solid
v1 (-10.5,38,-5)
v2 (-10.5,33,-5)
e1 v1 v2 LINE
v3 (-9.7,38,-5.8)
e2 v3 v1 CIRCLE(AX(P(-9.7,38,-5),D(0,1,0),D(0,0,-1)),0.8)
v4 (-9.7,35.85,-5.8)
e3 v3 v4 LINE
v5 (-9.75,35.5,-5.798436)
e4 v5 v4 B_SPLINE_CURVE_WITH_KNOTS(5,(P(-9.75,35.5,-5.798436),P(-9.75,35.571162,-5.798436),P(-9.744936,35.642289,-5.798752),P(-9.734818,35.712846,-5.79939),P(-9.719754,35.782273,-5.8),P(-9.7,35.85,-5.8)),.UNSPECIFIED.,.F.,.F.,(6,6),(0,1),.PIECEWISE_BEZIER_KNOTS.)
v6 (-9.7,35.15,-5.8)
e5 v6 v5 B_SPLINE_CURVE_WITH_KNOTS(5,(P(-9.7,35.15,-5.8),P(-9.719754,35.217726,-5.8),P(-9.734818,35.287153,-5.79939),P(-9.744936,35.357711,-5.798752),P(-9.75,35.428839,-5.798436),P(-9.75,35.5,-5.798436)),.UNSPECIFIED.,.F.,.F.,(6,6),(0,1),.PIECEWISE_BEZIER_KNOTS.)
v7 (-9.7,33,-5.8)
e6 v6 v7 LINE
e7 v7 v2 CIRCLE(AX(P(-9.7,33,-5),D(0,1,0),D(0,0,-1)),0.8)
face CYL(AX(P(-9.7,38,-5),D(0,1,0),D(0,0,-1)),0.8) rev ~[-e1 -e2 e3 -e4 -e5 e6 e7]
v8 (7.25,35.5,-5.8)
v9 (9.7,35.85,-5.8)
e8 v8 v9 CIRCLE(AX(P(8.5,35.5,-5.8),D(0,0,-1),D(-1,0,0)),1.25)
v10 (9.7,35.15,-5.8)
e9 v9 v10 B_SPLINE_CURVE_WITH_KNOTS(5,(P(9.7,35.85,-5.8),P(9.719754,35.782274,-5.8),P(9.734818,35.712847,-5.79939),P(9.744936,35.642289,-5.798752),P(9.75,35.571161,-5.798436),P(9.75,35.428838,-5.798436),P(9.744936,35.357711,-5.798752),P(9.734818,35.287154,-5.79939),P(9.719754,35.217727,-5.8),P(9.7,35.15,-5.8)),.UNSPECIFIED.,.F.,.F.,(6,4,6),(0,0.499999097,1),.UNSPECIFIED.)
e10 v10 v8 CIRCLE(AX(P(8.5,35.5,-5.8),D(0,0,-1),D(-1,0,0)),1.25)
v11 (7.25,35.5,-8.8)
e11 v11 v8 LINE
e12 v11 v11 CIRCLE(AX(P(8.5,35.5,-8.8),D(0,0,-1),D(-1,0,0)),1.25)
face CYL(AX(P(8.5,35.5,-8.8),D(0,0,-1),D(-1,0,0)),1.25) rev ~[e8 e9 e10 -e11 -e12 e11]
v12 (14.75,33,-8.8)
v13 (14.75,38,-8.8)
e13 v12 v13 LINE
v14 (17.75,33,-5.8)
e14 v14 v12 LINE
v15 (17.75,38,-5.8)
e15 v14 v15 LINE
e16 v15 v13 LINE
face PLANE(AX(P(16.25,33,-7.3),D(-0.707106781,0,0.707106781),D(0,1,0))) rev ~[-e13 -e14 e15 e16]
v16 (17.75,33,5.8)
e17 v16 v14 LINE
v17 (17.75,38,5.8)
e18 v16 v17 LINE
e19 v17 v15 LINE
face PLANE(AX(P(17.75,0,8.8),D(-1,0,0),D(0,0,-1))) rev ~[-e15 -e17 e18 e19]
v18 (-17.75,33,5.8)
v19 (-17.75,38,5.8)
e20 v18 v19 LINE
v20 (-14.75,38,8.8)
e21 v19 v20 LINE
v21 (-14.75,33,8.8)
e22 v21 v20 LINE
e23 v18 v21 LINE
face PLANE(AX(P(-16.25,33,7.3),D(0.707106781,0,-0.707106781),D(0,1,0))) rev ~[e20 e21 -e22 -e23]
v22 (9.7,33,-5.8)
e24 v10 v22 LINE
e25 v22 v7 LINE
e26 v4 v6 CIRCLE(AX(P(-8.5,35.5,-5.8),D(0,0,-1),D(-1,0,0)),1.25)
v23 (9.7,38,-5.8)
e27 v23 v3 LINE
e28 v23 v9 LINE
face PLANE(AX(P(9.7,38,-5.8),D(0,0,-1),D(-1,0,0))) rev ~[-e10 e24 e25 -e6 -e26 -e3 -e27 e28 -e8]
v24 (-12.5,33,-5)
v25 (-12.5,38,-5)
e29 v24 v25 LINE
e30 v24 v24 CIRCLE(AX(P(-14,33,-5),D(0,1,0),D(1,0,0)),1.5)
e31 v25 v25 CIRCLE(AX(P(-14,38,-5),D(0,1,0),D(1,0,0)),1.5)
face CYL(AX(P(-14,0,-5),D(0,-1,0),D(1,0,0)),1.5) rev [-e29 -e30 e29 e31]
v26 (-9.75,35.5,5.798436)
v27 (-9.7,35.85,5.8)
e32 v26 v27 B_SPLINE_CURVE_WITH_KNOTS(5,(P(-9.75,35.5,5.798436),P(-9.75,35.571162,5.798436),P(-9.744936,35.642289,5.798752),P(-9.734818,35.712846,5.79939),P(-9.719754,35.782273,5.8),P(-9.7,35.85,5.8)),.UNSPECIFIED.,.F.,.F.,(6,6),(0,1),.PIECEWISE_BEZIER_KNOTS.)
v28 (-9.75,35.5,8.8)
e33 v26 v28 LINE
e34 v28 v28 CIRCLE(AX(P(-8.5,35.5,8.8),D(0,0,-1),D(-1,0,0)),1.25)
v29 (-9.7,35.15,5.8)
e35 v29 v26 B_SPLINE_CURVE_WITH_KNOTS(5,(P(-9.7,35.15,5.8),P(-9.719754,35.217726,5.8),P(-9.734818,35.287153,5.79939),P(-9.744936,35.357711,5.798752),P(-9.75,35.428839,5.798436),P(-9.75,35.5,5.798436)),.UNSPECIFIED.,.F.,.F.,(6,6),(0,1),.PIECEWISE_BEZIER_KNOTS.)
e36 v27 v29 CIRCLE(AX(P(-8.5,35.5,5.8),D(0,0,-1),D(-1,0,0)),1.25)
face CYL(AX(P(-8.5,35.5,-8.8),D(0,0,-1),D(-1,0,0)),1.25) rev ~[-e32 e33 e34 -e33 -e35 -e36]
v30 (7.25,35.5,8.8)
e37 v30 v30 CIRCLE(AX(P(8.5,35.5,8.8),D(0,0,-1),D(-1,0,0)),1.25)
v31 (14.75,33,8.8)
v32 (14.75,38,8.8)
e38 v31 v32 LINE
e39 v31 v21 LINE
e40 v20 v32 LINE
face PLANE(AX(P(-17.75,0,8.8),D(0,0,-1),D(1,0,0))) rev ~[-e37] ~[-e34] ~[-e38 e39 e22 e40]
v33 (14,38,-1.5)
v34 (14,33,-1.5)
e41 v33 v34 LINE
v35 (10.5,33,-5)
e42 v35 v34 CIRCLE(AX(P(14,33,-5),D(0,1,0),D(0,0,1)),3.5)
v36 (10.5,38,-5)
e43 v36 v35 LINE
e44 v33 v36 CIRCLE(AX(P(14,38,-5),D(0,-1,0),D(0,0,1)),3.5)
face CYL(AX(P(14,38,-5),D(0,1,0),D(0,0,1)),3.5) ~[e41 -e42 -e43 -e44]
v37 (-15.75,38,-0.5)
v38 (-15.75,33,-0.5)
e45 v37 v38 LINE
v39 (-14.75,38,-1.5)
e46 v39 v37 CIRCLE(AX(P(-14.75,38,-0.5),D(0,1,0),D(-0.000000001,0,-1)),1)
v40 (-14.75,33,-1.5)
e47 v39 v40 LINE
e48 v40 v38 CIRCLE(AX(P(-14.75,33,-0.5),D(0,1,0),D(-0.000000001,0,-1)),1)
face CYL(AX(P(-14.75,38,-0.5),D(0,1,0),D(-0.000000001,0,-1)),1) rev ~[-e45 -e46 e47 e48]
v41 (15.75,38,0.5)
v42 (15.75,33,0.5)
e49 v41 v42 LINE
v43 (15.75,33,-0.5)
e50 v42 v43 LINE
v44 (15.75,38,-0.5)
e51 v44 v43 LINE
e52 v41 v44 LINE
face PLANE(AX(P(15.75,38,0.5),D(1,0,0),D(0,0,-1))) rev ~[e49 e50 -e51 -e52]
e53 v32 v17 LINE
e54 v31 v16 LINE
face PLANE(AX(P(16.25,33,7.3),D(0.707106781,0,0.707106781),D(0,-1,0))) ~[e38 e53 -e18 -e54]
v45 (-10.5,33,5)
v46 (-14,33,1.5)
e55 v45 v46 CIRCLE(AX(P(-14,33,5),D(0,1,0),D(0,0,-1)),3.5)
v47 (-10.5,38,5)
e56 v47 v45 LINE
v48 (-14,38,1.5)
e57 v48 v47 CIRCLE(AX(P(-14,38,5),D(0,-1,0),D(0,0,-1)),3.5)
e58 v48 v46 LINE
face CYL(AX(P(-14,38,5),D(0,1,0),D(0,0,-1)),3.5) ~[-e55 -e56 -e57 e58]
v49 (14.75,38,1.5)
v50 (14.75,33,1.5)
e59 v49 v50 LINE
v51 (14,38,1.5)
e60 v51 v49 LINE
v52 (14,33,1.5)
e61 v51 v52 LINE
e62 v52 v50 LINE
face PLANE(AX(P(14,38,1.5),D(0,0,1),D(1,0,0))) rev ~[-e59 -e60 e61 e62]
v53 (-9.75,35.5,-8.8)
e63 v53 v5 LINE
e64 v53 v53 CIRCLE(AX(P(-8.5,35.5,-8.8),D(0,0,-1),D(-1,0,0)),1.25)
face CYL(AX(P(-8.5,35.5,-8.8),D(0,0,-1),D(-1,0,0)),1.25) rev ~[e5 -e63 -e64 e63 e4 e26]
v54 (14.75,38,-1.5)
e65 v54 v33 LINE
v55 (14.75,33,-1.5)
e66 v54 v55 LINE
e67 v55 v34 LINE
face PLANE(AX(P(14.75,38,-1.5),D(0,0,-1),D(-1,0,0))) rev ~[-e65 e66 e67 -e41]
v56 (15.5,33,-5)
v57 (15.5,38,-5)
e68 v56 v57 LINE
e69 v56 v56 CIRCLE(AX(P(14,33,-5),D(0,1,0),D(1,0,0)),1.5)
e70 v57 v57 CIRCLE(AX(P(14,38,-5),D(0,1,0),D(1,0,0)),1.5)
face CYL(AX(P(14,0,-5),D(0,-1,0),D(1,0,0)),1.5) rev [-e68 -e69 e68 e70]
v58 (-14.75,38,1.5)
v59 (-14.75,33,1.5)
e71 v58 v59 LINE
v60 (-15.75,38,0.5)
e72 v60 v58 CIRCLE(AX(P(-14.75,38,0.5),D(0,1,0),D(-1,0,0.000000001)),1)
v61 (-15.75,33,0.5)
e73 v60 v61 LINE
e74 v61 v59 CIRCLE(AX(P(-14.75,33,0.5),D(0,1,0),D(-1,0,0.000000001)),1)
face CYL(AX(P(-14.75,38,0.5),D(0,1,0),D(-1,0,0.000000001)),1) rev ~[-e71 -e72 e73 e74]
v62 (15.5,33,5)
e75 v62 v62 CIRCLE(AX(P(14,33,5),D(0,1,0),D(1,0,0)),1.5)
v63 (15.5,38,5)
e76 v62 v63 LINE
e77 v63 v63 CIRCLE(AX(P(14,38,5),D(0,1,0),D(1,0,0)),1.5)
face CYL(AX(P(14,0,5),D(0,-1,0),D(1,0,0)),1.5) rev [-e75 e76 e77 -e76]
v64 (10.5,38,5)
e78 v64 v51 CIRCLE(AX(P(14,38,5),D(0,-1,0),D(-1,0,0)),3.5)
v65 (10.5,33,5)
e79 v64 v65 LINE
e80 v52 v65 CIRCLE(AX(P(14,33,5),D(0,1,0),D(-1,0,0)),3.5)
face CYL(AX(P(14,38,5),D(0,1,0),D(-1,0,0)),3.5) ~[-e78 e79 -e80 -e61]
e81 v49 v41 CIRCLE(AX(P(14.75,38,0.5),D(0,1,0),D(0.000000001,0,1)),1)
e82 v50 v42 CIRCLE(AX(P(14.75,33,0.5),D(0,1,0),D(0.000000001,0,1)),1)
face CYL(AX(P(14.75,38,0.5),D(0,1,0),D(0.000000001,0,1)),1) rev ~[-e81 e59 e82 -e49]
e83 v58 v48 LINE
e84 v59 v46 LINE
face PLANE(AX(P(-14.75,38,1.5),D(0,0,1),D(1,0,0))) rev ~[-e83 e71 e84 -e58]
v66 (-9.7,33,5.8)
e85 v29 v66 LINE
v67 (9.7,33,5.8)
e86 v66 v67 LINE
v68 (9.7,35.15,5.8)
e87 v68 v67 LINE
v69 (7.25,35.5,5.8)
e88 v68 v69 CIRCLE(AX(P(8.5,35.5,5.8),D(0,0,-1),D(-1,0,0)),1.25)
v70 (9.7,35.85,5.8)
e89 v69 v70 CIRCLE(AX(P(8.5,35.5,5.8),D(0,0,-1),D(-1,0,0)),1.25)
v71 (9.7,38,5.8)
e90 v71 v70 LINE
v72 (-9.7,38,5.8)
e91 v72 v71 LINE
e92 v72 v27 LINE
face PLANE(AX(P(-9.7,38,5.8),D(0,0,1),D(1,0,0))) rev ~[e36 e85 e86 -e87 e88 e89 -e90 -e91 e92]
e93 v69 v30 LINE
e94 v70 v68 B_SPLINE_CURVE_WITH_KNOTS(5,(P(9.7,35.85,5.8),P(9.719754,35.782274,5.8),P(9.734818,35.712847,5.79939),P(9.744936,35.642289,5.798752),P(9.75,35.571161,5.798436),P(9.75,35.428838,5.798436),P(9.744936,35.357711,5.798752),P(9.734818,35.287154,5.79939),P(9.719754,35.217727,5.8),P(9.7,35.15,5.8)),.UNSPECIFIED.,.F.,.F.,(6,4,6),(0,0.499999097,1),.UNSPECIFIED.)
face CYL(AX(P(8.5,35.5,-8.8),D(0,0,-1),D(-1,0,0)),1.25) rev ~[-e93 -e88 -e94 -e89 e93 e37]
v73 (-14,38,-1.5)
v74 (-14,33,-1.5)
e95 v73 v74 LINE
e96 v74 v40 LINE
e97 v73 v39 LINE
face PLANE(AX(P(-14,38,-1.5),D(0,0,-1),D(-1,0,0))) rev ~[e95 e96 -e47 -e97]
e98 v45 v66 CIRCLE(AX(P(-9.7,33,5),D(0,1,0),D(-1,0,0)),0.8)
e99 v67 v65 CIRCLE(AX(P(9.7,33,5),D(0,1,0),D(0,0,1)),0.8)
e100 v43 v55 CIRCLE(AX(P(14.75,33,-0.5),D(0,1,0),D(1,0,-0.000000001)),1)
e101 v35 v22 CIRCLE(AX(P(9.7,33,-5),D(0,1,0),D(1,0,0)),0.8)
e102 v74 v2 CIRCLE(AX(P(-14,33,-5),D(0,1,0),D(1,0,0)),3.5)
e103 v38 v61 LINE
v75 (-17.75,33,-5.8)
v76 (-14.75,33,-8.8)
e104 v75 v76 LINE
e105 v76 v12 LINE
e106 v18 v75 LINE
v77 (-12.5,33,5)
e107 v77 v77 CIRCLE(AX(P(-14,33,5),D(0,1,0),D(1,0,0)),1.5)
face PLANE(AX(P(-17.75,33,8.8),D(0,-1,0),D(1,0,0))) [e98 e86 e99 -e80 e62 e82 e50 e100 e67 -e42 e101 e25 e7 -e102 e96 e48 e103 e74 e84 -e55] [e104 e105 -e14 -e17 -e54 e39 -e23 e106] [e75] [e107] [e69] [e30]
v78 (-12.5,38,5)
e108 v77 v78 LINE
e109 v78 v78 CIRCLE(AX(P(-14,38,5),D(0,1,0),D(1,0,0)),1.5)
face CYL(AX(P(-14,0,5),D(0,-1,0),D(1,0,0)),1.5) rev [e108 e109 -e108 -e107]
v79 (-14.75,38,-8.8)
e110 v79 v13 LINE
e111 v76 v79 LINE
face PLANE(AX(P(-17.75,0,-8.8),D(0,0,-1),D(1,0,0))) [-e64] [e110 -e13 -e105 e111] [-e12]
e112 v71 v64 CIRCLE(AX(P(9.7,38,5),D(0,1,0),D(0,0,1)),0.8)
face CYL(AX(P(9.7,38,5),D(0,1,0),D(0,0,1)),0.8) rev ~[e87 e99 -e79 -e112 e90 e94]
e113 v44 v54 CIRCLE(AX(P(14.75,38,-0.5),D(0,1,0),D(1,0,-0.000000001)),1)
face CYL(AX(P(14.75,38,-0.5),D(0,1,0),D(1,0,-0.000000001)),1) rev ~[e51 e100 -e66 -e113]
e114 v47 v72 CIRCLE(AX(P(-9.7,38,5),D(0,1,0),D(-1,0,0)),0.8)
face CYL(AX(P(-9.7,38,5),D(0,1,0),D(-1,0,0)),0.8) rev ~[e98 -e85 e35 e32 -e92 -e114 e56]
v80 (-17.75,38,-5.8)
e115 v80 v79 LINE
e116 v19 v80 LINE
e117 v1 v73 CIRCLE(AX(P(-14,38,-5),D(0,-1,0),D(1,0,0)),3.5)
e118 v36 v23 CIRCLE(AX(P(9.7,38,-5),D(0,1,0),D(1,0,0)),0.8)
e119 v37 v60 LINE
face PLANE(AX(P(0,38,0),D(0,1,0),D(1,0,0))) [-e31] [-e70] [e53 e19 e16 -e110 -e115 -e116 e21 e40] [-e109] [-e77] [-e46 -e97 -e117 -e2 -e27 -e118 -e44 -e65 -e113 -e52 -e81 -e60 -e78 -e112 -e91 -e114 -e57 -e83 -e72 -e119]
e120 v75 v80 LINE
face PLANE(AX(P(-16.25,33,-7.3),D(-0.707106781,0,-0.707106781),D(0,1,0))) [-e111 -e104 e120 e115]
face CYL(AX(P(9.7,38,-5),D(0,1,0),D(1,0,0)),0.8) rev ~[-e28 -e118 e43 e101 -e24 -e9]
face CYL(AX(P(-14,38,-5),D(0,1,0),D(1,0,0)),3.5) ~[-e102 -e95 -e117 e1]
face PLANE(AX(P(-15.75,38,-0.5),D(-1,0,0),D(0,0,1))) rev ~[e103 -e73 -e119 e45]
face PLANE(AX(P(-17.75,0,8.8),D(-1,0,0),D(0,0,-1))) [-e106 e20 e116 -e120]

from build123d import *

# Parameters (mm, degrees)
SKETCH_1_W          = 35.5
SKETCH_1_H          = 17.6
SKETCH_1_R          = 1.5
EXTRUDE_1_DEPTH     = 38
CUT_EXTRUDE_1_DEPTH = 39
SKETCH_4_W          = 29.5
SKETCH_4_H          = 28
CUT_EXTRUDE_3_DEPTH = 18.6
SKETCH_5_W          = 35.5
SKETCH_5_H          = 33
CUT_EXTRUDE_4_DEPTH = 18.6
CHAMFER_1_SIZE      = 3
SKETCH_7_R          = 1.25
CUT_EXTRUDE_5_DEPTH = 18.6


with BuildPart() as part:
    # 草图1 → 凸台-拉伸1 (new body)
    with BuildSketch(Plane(origin=(0, 0, 0), x_dir=(1, 0, 0), z_dir=(0, 1, 0))):
        Rectangle(SKETCH_1_W, SKETCH_1_H)
        with Locations((-14, 5)):
            Circle(SKETCH_1_R, mode=Mode.SUBTRACT)
        with Locations((-14, -5)):
            Circle(SKETCH_1_R, mode=Mode.SUBTRACT)
        with Locations((14, -5)):
            Circle(SKETCH_1_R, mode=Mode.SUBTRACT)
        with Locations((14, 5)):
            Circle(SKETCH_1_R, mode=Mode.SUBTRACT)
    extrude(amount=EXTRUDE_1_DEPTH)

    # 草图2 → 切除-拉伸1 (cut, through all)
    with BuildSketch(Plane(origin=(0, 38, 0), x_dir=(1, 0, 0), z_dir=(0, 1, 0))):
        with BuildLine():
            Line((9.7, 5.8), (-9.7, 5.8))
            ThreePointArc((-9.7, 5.8), (-10.265685425, 5.565685425), (-10.5, 5))
            ThreePointArc((-10.5, 5), (-11.525126266, 2.525126266), (-14, 1.5))
            Line((-14, 1.5), (-14.75, 1.5))
            ThreePointArc((-14.75, 1.5), (-15.457106781, 1.207106781), (-15.75, 0.5))
            Line((-15.75, 0.5), (-15.75, -0.5))
            ThreePointArc((-15.75, -0.5), (-15.457106781, -1.207106781), (-14.75, -1.5))
            Line((-14.75, -1.5), (-14, -1.5))
            ThreePointArc((-14, -1.5), (-11.525126266, -2.525126266), (-10.5, -5))
            ThreePointArc((-10.5, -5), (-10.265685425, -5.565685425), (-9.7, -5.8))
            Line((-9.7, -5.8), (9.7, -5.8))
            ThreePointArc((9.7, -5.8), (10.265685425, -5.565685425), (10.5, -5))
            ThreePointArc((10.5, -5), (11.525126266, -2.525126266), (14, -1.5))
            Line((14, -1.5), (14.75, -1.5))
            ThreePointArc((14.75, -1.5), (15.457106781, -1.207106781), (15.75, -0.5))
            Line((15.75, -0.5), (15.75, 0.5))
            ThreePointArc((15.75, 0.5), (15.457106781, 1.207106781), (14.75, 1.5))
            Line((14.75, 1.5), (14, 1.5))
            ThreePointArc((14, 1.5), (11.525126266, 2.525126266), (10.5, 5))
            ThreePointArc((10.5, 5), (10.265685425, 5.565685425), (9.7, 5.8))
        make_face()
    extrude(amount=-CUT_EXTRUDE_1_DEPTH, mode=Mode.SUBTRACT)

    # 草图4 → 切除-拉伸3 (cut, through all)
    with BuildSketch(Plane.XY.offset(8.8)):
        with Locations((0, 19)):
            Rectangle(SKETCH_4_W, SKETCH_4_H)
    extrude(amount=-CUT_EXTRUDE_3_DEPTH, mode=Mode.SUBTRACT)

    # 草图5 → 切除-拉伸4 (cut, through all)
    with BuildSketch(Plane.XY.offset(8.8)):
        with Locations((0, 16.5)):
            Rectangle(SKETCH_5_W, SKETCH_5_H)
    extrude(amount=-CUT_EXTRUDE_4_DEPTH, mode=Mode.SUBTRACT)

    # 倒角1
    chamfer_1_edges = [part.edges().sort_by_distance(p)[0] for p in [
        (17.75, 35.5, 8.8),
        (-17.75, 35.5, 8.8),
        (-17.75, 35.5, -8.8),
        (17.75, 35.5, -8.8),
    ]]
    chamfer(chamfer_1_edges, length=CHAMFER_1_SIZE)

    # 草图7 → 切除-拉伸5 (cut, through all)
    with BuildSketch(Plane(origin=(0, 0, -8.8), x_dir=(-1, 0, 0), z_dir=(0, 0, -1))):
        with Locations((-8.5, 35.5)):
            Circle(SKETCH_7_R)
        with Locations((8.5, 35.5)):
            Circle(SKETCH_7_R)
    extrude(amount=-CUT_EXTRUDE_5_DEPTH, mode=Mode.SUBTRACT)


solid = part.part
